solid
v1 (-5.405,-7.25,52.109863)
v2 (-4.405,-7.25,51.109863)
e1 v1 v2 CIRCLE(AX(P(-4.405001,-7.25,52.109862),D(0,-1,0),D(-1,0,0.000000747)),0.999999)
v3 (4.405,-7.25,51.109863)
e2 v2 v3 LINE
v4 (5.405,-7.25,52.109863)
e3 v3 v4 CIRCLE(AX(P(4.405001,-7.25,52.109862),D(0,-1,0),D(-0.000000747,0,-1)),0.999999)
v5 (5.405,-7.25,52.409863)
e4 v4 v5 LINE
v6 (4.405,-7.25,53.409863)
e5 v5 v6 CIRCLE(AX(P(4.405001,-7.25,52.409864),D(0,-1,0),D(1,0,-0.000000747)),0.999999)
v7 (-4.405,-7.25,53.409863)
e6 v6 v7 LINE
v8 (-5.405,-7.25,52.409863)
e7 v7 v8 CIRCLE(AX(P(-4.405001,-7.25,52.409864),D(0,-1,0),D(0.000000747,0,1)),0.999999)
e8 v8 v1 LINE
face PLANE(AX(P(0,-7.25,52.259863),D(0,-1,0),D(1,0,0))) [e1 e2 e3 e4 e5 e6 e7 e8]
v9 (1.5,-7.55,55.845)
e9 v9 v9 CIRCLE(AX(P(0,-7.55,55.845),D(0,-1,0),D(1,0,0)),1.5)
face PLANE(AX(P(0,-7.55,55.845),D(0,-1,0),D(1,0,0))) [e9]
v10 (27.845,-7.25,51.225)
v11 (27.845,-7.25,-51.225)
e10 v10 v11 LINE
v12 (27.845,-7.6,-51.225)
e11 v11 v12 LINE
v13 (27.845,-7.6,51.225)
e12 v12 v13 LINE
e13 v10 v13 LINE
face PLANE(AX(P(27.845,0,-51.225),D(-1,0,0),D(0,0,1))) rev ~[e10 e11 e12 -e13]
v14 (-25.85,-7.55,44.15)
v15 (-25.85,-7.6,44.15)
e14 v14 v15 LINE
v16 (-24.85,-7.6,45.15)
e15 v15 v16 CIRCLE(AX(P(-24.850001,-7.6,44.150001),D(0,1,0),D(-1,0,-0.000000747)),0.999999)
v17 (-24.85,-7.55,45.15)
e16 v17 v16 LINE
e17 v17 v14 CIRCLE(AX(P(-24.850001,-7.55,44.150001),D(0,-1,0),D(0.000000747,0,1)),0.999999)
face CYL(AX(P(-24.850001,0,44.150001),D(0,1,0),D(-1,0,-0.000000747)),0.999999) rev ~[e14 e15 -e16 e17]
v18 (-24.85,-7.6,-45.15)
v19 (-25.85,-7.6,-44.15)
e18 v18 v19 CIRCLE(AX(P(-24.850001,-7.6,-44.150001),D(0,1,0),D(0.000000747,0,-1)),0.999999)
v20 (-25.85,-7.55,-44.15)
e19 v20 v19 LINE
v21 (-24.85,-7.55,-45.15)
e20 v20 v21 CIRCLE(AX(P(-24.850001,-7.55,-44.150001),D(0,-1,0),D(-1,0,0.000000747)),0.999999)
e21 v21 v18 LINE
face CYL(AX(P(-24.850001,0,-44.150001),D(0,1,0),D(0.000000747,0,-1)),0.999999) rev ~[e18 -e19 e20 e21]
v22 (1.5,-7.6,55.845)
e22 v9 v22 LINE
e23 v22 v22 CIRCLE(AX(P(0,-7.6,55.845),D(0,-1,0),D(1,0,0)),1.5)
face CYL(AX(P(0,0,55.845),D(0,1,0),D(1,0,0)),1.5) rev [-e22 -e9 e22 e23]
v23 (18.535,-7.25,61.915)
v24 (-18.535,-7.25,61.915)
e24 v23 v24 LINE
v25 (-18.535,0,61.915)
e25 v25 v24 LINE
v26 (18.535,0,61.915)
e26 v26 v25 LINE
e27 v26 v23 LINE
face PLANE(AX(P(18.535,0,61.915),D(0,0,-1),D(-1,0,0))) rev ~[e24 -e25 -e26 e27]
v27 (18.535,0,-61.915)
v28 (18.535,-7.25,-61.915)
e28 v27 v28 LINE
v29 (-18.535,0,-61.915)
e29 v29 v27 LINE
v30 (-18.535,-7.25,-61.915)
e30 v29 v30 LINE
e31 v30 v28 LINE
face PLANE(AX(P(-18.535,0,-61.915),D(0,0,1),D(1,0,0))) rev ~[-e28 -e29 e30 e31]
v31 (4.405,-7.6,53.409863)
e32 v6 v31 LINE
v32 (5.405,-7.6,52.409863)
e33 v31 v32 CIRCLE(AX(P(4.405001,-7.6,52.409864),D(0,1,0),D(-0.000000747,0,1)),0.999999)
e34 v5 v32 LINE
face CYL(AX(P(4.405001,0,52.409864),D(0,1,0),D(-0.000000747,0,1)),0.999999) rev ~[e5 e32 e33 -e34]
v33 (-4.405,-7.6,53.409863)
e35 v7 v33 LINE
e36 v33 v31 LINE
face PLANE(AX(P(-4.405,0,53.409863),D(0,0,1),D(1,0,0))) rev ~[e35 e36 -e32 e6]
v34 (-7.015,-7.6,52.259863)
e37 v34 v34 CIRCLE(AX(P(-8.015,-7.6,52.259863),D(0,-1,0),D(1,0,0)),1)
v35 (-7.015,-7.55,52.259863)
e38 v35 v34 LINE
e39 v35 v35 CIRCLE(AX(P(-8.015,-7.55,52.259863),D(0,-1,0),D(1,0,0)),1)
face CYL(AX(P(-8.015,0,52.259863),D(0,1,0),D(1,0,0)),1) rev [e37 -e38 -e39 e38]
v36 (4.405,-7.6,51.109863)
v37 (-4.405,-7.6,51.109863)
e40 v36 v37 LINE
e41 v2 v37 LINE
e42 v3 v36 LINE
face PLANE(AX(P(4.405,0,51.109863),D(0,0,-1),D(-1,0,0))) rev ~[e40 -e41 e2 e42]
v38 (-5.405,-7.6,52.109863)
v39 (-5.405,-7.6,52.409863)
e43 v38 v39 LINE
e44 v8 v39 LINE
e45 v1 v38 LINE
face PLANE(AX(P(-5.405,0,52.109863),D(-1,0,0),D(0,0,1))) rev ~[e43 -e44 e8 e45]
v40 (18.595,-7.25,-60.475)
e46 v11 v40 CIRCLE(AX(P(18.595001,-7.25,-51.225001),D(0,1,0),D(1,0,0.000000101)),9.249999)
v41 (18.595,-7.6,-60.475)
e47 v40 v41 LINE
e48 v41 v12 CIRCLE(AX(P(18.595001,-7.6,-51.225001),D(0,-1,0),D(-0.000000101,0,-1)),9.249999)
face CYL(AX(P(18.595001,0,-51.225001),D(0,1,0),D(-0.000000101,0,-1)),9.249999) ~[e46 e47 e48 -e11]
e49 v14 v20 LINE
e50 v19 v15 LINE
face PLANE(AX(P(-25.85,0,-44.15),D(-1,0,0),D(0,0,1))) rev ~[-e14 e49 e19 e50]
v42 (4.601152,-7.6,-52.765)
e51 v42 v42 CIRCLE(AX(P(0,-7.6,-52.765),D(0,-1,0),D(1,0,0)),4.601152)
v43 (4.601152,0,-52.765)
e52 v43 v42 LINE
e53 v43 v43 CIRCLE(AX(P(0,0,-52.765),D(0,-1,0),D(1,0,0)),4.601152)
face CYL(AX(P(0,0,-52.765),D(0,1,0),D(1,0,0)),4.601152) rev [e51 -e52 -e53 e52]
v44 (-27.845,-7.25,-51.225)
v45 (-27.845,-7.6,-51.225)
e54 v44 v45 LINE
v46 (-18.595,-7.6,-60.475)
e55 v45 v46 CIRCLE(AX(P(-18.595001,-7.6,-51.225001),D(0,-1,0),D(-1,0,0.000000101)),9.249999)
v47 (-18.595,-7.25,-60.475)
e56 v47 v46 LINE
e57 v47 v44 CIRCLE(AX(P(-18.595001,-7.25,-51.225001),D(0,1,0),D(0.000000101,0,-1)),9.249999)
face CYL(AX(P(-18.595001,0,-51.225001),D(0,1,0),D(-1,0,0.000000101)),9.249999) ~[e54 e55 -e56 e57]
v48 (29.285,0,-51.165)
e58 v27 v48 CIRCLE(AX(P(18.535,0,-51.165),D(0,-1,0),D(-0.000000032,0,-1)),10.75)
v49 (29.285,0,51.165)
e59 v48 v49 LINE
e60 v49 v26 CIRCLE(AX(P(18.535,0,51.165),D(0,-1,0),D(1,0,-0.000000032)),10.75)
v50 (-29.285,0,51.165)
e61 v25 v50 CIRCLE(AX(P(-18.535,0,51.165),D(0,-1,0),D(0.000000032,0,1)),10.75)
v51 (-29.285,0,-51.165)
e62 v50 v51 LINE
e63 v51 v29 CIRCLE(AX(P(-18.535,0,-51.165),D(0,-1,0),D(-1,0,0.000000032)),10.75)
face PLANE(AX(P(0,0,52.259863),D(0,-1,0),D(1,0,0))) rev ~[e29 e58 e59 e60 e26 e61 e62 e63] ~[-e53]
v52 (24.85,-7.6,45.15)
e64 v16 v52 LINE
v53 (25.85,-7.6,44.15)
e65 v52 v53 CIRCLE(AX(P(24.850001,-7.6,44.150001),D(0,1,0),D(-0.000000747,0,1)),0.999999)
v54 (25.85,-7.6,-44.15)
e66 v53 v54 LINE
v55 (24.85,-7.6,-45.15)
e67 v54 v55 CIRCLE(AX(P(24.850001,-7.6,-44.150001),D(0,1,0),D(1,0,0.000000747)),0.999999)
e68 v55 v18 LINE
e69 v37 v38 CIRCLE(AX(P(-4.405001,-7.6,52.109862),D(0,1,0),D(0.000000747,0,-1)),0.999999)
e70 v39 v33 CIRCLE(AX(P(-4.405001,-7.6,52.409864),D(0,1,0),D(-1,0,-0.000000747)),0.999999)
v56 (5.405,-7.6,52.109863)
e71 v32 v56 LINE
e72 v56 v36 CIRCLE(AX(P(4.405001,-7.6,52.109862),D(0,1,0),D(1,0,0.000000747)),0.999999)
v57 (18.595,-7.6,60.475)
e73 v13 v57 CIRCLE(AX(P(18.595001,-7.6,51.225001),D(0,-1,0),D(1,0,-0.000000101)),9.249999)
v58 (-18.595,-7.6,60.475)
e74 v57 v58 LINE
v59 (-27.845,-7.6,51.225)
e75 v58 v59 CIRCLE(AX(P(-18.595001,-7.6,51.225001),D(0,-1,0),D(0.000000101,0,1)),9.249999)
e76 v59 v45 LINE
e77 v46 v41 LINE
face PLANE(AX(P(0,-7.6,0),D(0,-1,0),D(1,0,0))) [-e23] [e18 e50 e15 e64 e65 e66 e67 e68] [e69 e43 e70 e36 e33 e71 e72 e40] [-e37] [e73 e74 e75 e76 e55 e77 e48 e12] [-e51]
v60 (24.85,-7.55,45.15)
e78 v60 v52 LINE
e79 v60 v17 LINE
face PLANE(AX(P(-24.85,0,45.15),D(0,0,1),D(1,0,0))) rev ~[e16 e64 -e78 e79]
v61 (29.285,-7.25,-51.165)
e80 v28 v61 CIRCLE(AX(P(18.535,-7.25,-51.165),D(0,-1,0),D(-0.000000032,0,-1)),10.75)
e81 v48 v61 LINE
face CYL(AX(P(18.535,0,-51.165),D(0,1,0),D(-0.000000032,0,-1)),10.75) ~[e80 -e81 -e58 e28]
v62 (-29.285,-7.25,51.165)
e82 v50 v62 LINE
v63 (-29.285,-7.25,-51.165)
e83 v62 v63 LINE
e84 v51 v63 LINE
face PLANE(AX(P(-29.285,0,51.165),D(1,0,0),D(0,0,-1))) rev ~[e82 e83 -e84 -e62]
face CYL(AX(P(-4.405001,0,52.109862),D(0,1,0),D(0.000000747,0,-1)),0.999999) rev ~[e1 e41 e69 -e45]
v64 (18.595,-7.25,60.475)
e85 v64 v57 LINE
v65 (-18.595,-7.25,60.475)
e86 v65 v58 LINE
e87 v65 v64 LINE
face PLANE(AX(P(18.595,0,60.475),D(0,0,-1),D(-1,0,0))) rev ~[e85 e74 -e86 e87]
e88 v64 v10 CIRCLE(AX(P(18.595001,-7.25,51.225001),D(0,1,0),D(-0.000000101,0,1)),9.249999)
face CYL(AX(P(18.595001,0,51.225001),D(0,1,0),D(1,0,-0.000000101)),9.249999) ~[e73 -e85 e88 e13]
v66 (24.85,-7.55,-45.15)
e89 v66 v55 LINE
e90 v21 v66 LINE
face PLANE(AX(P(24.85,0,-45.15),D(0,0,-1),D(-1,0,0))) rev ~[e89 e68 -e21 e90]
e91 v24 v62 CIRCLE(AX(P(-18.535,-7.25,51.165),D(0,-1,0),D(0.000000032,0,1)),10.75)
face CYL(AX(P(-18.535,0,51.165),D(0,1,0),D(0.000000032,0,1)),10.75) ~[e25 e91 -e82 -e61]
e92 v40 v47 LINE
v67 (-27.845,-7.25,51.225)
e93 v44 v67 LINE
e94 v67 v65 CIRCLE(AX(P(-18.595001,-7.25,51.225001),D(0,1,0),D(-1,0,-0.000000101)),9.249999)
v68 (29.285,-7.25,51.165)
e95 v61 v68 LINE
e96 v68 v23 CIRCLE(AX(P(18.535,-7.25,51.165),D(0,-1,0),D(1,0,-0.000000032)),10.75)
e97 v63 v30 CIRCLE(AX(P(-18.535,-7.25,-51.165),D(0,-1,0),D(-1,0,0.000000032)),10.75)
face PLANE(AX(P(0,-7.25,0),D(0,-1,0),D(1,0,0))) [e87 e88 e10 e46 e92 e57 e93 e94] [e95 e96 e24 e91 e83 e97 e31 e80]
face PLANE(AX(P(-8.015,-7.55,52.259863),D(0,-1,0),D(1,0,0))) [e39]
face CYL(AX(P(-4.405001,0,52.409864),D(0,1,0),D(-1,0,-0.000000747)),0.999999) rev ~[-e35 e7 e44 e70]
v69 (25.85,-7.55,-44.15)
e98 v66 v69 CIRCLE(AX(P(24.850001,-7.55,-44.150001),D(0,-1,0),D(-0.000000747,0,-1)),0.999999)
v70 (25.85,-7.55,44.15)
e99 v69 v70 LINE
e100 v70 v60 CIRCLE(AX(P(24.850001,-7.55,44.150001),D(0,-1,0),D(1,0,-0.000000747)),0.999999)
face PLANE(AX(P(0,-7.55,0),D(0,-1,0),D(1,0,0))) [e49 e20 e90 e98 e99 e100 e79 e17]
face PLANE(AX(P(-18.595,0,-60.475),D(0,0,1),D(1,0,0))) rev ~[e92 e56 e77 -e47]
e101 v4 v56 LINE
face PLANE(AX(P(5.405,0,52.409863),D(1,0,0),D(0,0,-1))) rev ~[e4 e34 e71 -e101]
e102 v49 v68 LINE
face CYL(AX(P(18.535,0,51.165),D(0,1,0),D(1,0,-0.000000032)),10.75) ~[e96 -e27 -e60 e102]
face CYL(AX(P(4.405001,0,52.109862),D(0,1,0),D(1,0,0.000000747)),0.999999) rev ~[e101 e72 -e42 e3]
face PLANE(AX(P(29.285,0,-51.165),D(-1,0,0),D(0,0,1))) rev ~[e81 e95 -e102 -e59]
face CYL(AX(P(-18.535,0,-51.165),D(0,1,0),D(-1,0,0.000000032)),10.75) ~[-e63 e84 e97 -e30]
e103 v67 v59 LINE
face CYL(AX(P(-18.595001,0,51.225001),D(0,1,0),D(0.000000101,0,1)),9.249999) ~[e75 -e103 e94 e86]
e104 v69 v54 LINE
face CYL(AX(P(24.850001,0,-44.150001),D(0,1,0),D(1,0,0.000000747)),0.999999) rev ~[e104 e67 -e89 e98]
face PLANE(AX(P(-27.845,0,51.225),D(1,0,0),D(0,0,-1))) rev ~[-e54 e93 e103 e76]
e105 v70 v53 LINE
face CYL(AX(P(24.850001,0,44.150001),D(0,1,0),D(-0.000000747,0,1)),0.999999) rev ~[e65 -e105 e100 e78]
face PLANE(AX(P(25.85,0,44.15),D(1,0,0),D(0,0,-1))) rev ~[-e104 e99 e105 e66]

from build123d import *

# Parameters (mm, degrees)
F0_R     = 4.601152
F0_R_2   = 1
F0_R_3   = 1.5
F1_DEPTH = 7.6
F2_DEPTH = 7.25
F3_DEPTH = 7.55
F4_DEPTH = 7.55
F5_DEPTH = 7.55
F6_DEPTH = 7.25
F0_R_4   = 4.190001
F7_DEPTH = 7


with BuildPart() as f1:
    # F0 (on Front) → F1 (new body)
    with BuildSketch(Plane.XZ):
        with BuildLine():
            Line((-18.595, -60.475), (18.595, -60.475))
            ThreePointArc((18.595, -60.475), (25.135738, -57.765738), (27.845, -51.225))
            Line((27.845, -51.225), (27.845, 51.225))
            ThreePointArc((27.845, 51.225), (25.135738, 57.765738), (18.595, 60.475))
            Line((18.595, 60.475), (-18.595, 60.475))
            ThreePointArc((-18.595, 60.475), (-25.135738, 57.765738), (-27.845, 51.225))
            Line((-27.845, 51.225), (-27.845, -51.225))
            ThreePointArc((-27.845, -51.225), (-25.135738, -57.765738), (-18.595, -60.475))
        make_face()
        with Locations((0, -52.765)):
            Circle(F0_R, mode=Mode.SUBTRACT)
        with Locations((-8.015, 52.259863)):
            Circle(F0_R_2, mode=Mode.SUBTRACT)
        with BuildLine():
            ThreePointArc((25.85, -44.15), (25.557107, -44.857107), (24.85, -45.15))
            Line((24.85, -45.15), (-24.85, -45.15))
            ThreePointArc((-24.85, -45.15), (-25.557107, -44.857107), (-25.85, -44.15))
            Line((-25.85, -44.15), (-25.85, 44.15))
            ThreePointArc((-25.85, 44.15), (-25.557107, 44.857107), (-24.85, 45.15))
            Line((-24.85, 45.15), (24.85, 45.15))
            ThreePointArc((24.85, 45.15), (25.557107, 44.857107), (25.85, 44.15))
            Line((25.85, 44.15), (25.85, -44.15))
        make_face(mode=Mode.SUBTRACT)
        with BuildLine():
            Line((-4.405, 53.409863), (4.405, 53.409863))
            ThreePointArc((4.405, 53.409863), (5.112107, 53.11697), (5.405, 52.409863))
            Line((5.405, 52.409863), (5.405, 52.109863))
            ThreePointArc((5.405, 52.109863), (5.112107, 51.402756), (4.405, 51.109863))
            Line((4.405, 51.109863), (-4.405, 51.109863))
            ThreePointArc((-4.405, 51.109863), (-5.112107, 51.402756), (-5.405, 52.109863))
            Line((-5.405, 52.109863), (-5.405, 52.409863))
            ThreePointArc((-5.405, 52.409863), (-5.112107, 53.11697), (-4.405, 53.409863))
        make_face(mode=Mode.SUBTRACT)
        with Locations((0, 55.845)):
            Circle(F0_R_3, mode=Mode.SUBTRACT)
    extrude(amount=F1_DEPTH)

    # F0 (on Front) → F2 (join)
    with BuildSketch(Plane.XZ):
        with BuildLine():
            Line((-18.535, -61.915), (18.535, -61.915))
            ThreePointArc((18.535, -61.915), (26.136398, -58.766398), (29.285, -51.165))
            Line((29.285, -51.165), (29.285, 51.165))
            ThreePointArc((29.285, 51.165), (26.136398, 58.766398), (18.535, 61.915))
            Line((18.535, 61.915), (-18.535, 61.915))
            ThreePointArc((-18.535, 61.915), (-26.136398, 58.766398), (-29.285, 51.165))
            Line((-29.285, 51.165), (-29.285, -51.165))
            ThreePointArc((-29.285, -51.165), (-26.136398, -58.766398), (-18.535, -61.915))
        make_face()
        with BuildLine():
            ThreePointArc((27.845, -51.225), (25.135738, -57.765738), (18.595, -60.475))
            Line((18.595, -60.475), (-18.595, -60.475))
            ThreePointArc((-18.595, -60.475), (-25.135738, -57.765738), (-27.845, -51.225))
            Line((-27.845, -51.225), (-27.845, 51.225))
            ThreePointArc((-27.845, 51.225), (-25.135738, 57.765738), (-18.595, 60.475))
            Line((-18.595, 60.475), (18.595, 60.475))
            ThreePointArc((18.595, 60.475), (25.135738, 57.765738), (27.845, 51.225))
            Line((27.845, 51.225), (27.845, -51.225))
        make_face(mode=Mode.SUBTRACT)
    extrude(amount=F2_DEPTH)

    # F0 (on Front) → F3 (join)
    with BuildSketch(Plane.XZ):
        with BuildLine():
            Line((-24.85, -45.15), (24.85, -45.15))
            ThreePointArc((24.85, -45.15), (25.557107, -44.857107), (25.85, -44.15))
            Line((25.85, -44.15), (25.85, 44.15))
            ThreePointArc((25.85, 44.15), (25.557107, 44.857107), (24.85, 45.15))
            Line((24.85, 45.15), (-24.85, 45.15))
            ThreePointArc((-24.85, 45.15), (-25.557107, 44.857107), (-25.85, 44.15))
            Line((-25.85, 44.15), (-25.85, -44.15))
            ThreePointArc((-25.85, -44.15), (-25.557107, -44.857107), (-24.85, -45.15))
        make_face()
    extrude(amount=F3_DEPTH)

    # F0 (on Front) → F4 (join)
    with BuildSketch(Plane.XZ):
        with Locations((0, 55.845)):
            Circle(F0_R_3)
    extrude(amount=F4_DEPTH)

    # F0 (on Front) → F5 (join)
    with BuildSketch(Plane.XZ):
        with Locations((-8.015, 52.259863)):
            Circle(F0_R_2)
    extrude(amount=F5_DEPTH)

    # F0 (on Front) → F6 (join)
    with BuildSketch(Plane.XZ):
        with BuildLine():
            ThreePointArc((5.405, 52.409863), (5.112107, 53.11697), (4.405, 53.409863))
            Line((4.405, 53.409863), (-4.405, 53.409863))
            ThreePointArc((-4.405, 53.409863), (-5.112107, 53.11697), (-5.405, 52.409863))
            Line((-5.405, 52.409863), (-5.405, 52.109863))
            ThreePointArc((-5.405, 52.109863), (-5.112107, 51.402756), (-4.405, 51.109863))
            Line((-4.405, 51.109863), (4.405, 51.109863))
            ThreePointArc((4.405, 51.109863), (5.112107, 51.402756), (5.405, 52.109863))
            Line((5.405, 52.109863), (5.405, 52.409863))
        make_face()
    extrude(amount=F6_DEPTH)


with BuildPart() as f7:
    # F0 (on Front) → F7 (new body)
    with BuildSketch(Plane.XZ):
        with Locations((0, -52.765)):
            Circle(F0_R_4)
    extrude(amount=F7_DEPTH)


solid = f1.part
